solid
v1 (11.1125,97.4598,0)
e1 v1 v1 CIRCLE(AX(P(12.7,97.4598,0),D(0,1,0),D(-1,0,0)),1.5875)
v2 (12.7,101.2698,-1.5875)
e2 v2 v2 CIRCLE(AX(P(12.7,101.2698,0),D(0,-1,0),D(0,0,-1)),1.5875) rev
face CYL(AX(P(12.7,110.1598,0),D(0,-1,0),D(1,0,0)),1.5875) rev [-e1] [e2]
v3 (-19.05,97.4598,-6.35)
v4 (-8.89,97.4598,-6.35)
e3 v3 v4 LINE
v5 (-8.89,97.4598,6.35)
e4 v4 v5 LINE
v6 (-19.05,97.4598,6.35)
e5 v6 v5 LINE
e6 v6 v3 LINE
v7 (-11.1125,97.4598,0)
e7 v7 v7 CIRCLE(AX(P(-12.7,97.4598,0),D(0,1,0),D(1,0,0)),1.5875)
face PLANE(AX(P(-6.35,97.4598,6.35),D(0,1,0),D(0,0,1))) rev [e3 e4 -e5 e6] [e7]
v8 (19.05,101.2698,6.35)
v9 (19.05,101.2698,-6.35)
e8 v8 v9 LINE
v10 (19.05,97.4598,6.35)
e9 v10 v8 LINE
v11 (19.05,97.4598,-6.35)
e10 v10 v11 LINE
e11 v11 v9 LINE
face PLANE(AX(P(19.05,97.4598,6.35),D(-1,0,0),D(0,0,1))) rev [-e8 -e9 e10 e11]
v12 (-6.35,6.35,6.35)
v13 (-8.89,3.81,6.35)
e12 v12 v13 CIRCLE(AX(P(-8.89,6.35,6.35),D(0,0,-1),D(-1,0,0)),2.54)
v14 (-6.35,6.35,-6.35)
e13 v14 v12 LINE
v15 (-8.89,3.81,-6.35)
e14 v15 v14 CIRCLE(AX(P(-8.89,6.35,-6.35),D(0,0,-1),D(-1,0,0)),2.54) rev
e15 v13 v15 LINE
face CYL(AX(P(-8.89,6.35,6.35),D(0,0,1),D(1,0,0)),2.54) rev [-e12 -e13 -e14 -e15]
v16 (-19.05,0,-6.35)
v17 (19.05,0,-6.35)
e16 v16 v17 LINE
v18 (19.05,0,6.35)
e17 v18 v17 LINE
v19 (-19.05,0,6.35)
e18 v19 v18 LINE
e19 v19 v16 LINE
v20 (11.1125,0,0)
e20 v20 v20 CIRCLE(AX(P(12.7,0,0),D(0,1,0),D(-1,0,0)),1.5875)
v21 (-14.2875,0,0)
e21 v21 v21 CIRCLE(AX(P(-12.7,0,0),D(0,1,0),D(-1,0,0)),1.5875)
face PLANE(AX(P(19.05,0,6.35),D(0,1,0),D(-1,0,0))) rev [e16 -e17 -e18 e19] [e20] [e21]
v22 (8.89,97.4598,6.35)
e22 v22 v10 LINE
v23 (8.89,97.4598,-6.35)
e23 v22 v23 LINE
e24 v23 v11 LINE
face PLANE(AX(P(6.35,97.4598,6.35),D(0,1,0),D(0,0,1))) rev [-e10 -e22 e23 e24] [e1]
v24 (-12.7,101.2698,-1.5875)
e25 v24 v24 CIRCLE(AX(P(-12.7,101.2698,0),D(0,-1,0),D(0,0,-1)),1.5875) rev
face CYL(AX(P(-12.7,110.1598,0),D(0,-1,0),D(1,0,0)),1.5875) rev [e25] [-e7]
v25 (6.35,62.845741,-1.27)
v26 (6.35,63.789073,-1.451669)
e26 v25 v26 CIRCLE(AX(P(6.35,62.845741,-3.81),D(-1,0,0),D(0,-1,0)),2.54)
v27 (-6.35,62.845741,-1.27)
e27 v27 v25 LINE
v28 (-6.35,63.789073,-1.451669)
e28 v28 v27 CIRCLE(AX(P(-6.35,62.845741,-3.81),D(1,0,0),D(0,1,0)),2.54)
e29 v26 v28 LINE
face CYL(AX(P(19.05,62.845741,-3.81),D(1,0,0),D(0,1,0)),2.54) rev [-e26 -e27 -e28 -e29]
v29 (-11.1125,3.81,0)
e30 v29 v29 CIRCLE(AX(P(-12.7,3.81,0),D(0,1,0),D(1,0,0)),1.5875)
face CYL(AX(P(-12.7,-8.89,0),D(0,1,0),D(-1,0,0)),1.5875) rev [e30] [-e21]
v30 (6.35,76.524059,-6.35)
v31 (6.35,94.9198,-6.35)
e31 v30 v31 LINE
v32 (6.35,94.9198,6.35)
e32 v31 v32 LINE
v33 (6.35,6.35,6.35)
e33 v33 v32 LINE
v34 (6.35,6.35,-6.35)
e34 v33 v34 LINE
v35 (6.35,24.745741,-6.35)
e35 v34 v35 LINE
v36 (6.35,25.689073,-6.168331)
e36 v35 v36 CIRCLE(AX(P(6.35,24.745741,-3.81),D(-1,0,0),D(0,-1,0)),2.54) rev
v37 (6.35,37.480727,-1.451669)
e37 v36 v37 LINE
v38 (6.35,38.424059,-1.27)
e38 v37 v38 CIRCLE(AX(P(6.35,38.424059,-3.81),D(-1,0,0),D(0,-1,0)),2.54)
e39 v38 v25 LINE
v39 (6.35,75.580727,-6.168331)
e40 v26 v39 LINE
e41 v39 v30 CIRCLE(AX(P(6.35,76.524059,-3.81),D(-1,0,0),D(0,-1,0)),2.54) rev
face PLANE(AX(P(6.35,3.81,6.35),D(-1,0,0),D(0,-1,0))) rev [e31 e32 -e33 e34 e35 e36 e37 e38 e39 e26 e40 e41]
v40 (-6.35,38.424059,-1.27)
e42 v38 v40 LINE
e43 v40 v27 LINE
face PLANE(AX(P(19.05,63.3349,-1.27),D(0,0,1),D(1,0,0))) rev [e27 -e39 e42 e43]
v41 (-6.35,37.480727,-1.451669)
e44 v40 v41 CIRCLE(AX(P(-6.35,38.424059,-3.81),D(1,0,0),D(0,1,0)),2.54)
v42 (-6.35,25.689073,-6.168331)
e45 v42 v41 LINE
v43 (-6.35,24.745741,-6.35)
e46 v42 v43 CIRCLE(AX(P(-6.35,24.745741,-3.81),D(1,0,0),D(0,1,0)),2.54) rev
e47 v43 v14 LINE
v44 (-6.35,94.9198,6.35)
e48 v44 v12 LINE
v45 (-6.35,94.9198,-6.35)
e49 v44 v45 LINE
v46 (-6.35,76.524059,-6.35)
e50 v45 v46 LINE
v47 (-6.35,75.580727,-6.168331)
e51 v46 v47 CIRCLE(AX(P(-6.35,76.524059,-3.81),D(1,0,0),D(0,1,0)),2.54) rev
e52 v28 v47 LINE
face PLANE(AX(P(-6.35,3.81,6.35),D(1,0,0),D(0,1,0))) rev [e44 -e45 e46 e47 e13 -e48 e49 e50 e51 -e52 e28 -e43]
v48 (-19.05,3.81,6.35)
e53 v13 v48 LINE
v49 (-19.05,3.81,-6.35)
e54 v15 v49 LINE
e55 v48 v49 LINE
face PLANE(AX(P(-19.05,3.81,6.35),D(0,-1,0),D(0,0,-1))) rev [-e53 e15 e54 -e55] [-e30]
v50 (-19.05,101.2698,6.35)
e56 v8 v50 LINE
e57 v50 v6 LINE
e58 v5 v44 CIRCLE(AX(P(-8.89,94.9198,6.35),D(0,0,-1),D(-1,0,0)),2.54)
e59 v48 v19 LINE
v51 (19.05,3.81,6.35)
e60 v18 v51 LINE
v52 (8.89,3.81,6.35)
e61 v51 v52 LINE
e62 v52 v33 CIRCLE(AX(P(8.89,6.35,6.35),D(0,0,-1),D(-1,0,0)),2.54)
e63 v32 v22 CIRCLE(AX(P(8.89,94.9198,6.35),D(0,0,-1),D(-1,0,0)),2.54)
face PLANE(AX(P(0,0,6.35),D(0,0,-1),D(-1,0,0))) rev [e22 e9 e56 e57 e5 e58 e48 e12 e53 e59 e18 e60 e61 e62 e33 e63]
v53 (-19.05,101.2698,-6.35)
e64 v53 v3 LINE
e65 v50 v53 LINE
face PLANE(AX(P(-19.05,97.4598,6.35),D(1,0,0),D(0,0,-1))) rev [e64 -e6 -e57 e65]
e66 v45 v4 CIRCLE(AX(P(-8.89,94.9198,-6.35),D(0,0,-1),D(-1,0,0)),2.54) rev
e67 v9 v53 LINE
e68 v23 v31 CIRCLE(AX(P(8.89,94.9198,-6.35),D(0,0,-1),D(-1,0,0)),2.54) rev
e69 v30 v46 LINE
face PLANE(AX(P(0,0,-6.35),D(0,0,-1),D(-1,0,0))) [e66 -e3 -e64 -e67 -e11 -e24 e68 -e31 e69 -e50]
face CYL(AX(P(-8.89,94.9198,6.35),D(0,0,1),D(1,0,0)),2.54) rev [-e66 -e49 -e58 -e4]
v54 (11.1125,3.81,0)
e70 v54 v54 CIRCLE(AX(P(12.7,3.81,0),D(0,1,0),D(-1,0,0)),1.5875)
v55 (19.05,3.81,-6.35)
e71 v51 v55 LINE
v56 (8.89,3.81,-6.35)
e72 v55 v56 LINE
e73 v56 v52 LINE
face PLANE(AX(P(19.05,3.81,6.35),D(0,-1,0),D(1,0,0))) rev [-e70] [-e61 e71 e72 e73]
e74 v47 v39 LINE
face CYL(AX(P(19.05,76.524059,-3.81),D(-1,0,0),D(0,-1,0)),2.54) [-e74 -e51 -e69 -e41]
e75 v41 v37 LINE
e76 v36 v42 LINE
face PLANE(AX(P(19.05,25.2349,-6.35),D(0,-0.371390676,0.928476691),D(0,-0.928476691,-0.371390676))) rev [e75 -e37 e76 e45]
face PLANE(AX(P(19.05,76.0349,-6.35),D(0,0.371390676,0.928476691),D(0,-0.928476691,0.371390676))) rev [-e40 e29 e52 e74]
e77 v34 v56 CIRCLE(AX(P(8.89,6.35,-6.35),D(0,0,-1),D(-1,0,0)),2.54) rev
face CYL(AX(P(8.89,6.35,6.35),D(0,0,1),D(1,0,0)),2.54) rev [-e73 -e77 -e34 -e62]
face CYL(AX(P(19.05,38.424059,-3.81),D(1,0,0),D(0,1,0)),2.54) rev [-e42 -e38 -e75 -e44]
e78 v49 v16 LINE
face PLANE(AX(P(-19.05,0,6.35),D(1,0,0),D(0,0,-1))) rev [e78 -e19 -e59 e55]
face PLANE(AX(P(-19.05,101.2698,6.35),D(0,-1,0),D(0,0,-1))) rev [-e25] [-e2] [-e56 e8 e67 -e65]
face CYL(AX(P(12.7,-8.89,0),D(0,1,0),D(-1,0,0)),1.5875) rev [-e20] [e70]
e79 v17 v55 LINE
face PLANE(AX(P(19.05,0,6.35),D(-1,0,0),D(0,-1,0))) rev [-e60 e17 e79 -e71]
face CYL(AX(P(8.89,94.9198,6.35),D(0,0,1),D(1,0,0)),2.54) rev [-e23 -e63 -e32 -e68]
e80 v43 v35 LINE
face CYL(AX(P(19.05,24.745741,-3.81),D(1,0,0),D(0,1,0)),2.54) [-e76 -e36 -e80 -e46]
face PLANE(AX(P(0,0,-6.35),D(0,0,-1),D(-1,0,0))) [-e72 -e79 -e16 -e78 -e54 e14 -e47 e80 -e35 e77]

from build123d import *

# Parameters (mm, degrees)
BOSS_EXTRUDE1_DEPTH = 6.35
SKETCH2_R           = 1.5875
MOUNT_HOLES_DEPTH   = 12.7
FILLET1_R           = 2.54
CUT_EXTRUDE1_DEPTH  = 105.599497571
FILLET2_R           = 2.54


with BuildPart() as part:
    # Sketch1 → Boss-Extrude1 (new, symmetric)
    with BuildSketch(Plane.XY):
        Polygon((19.05, 0), (-19.05, 0), (-19.05, 3.81), (-6.35, 3.81), (-6.35, 97.4598), (-19.05, 97.4598), (-19.05, 101.2698), (19.05, 101.2698), (19.05, 97.4598), (6.35, 97.4598), (6.35, 3.81), (19.05, 3.81), align=None)
    extrude(amount=BOSS_EXTRUDE1_DEPTH, both=True)

    # Sketch2 → Mount_Holes (cut)
    with BuildSketch(Plane(origin=(0, 3.81, 0), x_dir=(1, 0, 0), z_dir=(0, 1, 0))):
        with Locations(Location((12.7, 0, 0), (0, 0, 180))):
            Circle(SKETCH2_R)
        with Locations(Location((-12.7, 0, 0), (0, 0, 180))):
            Circle(SKETCH2_R)
    mount_holes = extrude(amount=-MOUNT_HOLES_DEPTH, mode=Mode.SUBTRACT)

    # Mirror1: Mount_Holes across plane
    add(mount_holes.mirror(Plane.ZX.offset(50.6349)), mode=Mode.SUBTRACT)

    # Fillet1
    fillet1_edges = [part.edges().sort_by_distance(p)[0] for p in [
        (-6.35, 3.81, 0),
        (-6.35, 97.4598, 0),
        (6.35, 97.4598, 0),
        (6.35, 3.81, 0),
    ]]
    fillet(fillet1_edges, radius=FILLET1_R)

    # Sketch3 → Cut-Extrude1 (cut, through all)
    with BuildSketch(Plane.ZY.offset(6.35)):
        Polygon((-6.35, 25.2349), (-6.35, 76.0349), (-1.27, 63.3349), (-1.27, 37.9349), align=None)
    extrude(amount=-CUT_EXTRUDE1_DEPTH, mode=Mode.SUBTRACT)

    # Fillet2
    fillet2_edges = [part.edges().sort_by_distance(p)[0] for p in [
        (0, 25.2349, -6.35),
        (0, 76.0349, -6.35),
        (0, 63.3349, -1.27),
        (0, 37.9349, -1.27),
    ]]
    fillet(fillet2_edges, radius=FILLET2_R)


solid = part.part
